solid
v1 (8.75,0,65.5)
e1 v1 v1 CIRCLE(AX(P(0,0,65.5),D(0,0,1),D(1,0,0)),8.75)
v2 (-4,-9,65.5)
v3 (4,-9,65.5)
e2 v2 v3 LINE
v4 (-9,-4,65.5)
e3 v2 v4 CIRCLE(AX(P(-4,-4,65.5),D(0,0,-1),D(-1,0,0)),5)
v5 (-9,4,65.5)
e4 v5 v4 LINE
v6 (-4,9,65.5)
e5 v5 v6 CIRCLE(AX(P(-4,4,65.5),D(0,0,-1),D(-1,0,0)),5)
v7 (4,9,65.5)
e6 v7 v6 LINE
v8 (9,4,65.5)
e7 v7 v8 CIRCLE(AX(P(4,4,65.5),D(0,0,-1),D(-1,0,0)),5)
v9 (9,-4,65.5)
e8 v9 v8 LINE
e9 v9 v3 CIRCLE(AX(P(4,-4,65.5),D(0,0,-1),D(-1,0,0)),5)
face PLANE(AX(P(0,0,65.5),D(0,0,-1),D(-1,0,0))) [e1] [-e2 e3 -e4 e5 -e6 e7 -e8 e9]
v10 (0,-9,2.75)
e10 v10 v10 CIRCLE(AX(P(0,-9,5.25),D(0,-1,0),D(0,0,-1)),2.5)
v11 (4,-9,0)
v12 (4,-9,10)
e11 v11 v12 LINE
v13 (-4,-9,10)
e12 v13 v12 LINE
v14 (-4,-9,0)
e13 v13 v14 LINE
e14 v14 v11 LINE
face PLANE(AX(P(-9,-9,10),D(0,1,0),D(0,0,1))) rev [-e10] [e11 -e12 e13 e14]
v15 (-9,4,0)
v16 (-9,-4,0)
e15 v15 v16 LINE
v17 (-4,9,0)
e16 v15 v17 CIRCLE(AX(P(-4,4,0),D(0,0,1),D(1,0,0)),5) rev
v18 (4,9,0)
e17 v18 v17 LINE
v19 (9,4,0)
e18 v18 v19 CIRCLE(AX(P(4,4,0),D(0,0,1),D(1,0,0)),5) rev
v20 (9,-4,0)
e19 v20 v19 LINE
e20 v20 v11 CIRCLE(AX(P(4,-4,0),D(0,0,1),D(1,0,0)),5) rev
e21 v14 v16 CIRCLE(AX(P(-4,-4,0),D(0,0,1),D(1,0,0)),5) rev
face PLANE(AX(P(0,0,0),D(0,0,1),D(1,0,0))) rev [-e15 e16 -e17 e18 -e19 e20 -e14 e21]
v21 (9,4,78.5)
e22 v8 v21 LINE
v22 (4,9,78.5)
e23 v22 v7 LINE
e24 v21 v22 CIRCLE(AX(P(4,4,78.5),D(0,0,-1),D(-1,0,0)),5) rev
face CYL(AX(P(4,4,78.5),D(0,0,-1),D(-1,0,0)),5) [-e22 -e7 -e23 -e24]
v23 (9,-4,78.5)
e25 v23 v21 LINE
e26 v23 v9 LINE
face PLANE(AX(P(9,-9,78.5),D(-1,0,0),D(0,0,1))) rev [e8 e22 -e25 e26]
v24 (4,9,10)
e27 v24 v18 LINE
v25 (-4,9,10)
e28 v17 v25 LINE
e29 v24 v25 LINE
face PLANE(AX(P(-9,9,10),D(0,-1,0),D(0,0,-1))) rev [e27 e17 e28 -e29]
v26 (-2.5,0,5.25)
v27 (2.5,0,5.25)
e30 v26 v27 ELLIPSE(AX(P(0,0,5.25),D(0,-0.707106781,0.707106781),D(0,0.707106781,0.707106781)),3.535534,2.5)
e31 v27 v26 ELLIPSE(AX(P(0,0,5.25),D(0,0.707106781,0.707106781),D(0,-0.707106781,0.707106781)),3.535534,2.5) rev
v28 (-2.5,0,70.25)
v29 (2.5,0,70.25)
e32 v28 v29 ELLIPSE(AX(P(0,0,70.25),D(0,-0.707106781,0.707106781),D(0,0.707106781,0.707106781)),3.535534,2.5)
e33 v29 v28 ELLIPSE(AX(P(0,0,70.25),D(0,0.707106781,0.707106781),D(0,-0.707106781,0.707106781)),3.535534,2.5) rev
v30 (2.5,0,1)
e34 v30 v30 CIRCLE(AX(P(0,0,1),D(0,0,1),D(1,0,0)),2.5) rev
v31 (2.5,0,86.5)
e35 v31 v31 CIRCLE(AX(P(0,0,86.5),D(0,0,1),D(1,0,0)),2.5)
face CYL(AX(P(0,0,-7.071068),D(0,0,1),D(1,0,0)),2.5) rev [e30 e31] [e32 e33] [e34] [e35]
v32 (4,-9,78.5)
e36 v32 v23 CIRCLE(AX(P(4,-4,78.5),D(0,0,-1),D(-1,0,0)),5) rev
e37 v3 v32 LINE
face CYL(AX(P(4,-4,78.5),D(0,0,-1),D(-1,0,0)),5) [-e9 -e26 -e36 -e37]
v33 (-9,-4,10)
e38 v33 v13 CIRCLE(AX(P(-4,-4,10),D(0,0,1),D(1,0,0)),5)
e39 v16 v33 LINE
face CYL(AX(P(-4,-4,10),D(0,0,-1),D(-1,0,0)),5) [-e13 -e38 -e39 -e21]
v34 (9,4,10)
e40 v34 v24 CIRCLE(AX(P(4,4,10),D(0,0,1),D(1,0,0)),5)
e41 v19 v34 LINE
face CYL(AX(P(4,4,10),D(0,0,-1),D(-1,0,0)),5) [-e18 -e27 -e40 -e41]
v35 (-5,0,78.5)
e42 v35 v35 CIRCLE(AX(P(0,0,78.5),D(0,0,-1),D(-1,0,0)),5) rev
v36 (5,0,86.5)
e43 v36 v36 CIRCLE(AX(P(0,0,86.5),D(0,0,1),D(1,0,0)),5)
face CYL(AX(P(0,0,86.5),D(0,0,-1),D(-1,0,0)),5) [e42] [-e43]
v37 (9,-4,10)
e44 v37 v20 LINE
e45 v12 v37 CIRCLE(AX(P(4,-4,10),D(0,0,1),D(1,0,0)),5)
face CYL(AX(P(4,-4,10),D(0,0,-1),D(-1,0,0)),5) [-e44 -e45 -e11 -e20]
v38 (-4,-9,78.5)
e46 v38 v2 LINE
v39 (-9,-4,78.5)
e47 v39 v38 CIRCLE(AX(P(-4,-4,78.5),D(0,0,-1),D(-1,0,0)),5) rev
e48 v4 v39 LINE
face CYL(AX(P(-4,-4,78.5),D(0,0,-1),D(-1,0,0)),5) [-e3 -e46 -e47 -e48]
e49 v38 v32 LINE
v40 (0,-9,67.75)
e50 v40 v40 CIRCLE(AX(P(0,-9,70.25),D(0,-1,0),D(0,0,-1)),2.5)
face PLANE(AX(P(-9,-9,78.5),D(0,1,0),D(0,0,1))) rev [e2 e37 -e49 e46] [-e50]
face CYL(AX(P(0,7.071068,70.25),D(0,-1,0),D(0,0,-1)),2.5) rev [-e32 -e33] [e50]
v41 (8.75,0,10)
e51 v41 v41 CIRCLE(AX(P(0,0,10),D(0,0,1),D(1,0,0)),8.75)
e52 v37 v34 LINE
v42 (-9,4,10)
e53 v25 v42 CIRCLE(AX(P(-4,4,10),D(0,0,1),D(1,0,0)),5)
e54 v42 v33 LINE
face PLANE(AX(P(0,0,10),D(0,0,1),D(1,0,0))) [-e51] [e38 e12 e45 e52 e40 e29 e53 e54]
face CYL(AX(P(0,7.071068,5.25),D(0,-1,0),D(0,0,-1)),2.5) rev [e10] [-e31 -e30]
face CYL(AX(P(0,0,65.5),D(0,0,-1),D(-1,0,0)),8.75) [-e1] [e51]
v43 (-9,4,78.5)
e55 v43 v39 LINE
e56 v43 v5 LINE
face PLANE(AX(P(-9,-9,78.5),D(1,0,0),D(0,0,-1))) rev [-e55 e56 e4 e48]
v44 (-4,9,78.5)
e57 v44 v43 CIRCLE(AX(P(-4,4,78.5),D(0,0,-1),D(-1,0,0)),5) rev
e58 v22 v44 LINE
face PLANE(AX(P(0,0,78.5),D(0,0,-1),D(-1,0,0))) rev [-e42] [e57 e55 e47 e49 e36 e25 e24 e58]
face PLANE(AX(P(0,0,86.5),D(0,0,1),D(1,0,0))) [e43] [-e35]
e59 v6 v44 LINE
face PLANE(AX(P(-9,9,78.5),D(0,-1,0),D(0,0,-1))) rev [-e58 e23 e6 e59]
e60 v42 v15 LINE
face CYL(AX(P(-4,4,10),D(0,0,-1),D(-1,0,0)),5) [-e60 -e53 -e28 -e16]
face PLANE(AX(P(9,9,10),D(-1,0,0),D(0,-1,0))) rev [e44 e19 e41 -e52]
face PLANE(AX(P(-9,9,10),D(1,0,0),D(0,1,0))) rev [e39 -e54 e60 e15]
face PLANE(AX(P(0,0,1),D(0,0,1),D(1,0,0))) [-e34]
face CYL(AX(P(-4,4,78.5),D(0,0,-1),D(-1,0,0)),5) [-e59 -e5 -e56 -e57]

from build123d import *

# Parameters (mm, degrees)
SKETCH_1_W          = 18
SKETCH_1_H          = 18
EXTRUDE_1_DEPTH     = 10
SKETCH_2_R          = 8.75
EXTRUDE_2_DEPTH     = 55.5
SKETCH_3_W          = 18
SKETCH_3_H          = 18
EXTRUDE_3_DEPTH     = 13
SKETCH_4_R          = 5
EXTRUDE_4_DEPTH     = 8
SKETCH_5_R          = 2.5
CUT_EXTRUDE_1_DEPTH = 85.5
FILLET_1_R          = 5
CUT_EXTRUDE_2_REACH = 20
SKETCH_6_R          = 2.5


with BuildPart() as part:
    # 草图1 → 凸台-拉伸1 (new body)
    with BuildSketch(Plane.XY):
        Rectangle(SKETCH_1_W, SKETCH_1_H)
    extrude(amount=EXTRUDE_1_DEPTH)

    # 草图2 → 凸台-拉伸2 (add)
    with BuildSketch(Plane.XY.offset(10)):
        Circle(SKETCH_2_R)
    extrude(amount=EXTRUDE_2_DEPTH)

    # 草图3 → 凸台-拉伸3 (add)
    with BuildSketch(Plane.XY.offset(65.5)):
        Rectangle(SKETCH_3_W, SKETCH_3_H)
    extrude(amount=EXTRUDE_3_DEPTH)

    # 草图4 → 凸台-拉伸4 (add)
    with BuildSketch(Plane.XY.offset(78.5)):
        Circle(SKETCH_4_R)
    extrude(amount=EXTRUDE_4_DEPTH)

    # 草图5 → 切除-拉伸1 (cut)
    with BuildSketch(Plane.XY.offset(86.5)):
        Circle(SKETCH_5_R)
    extrude(amount=-CUT_EXTRUDE_1_DEPTH, mode=Mode.SUBTRACT)

    # 圆角1
    fillet_1_edges = [part.edges().sort_by_distance(p)[0] for p in [
        (9, -9, 72),
        (9, 9, 72),
        (-9, 9, 72),
        (-9, -9, 72),
        (9, -9, 5),
        (-9, -9, 5),
        (-9, 9, 5),
        (9, 9, 5),
    ]]
    fillet(fillet_1_edges, radius=FILLET_1_R)

    # 草图6 → 切除-拉伸2 (cut, up to next)
    with BuildSketch(Plane.XZ.offset(9), mode=Mode.PRIVATE) as cut_extrude_2_sk1:
        with Locations((0, 5.25)):
            Circle(SKETCH_6_R)
    cut_extrude_2_tool1 = extrude(cut_extrude_2_sk1.sketch, amount=-CUT_EXTRUDE_2_REACH, mode=Mode.PRIVATE) & part.part
    add(cut_extrude_2_tool1.solids().sort_by_distance((0, -9, 5.25))[0], mode=Mode.SUBTRACT)
    # 草图6 → 切除-拉伸2 (cut, up to next)
    with BuildSketch(Plane.XZ.offset(9), mode=Mode.PRIVATE) as cut_extrude_2_sk2:
        with Locations((0, 70.25)):
            Circle(SKETCH_6_R)
    cut_extrude_2_tool2 = extrude(cut_extrude_2_sk2.sketch, amount=-CUT_EXTRUDE_2_REACH, mode=Mode.PRIVATE) & part.part
    add(cut_extrude_2_tool2.solids().sort_by_distance((0, -9, 70.25))[0], mode=Mode.SUBTRACT)


solid = part.part
